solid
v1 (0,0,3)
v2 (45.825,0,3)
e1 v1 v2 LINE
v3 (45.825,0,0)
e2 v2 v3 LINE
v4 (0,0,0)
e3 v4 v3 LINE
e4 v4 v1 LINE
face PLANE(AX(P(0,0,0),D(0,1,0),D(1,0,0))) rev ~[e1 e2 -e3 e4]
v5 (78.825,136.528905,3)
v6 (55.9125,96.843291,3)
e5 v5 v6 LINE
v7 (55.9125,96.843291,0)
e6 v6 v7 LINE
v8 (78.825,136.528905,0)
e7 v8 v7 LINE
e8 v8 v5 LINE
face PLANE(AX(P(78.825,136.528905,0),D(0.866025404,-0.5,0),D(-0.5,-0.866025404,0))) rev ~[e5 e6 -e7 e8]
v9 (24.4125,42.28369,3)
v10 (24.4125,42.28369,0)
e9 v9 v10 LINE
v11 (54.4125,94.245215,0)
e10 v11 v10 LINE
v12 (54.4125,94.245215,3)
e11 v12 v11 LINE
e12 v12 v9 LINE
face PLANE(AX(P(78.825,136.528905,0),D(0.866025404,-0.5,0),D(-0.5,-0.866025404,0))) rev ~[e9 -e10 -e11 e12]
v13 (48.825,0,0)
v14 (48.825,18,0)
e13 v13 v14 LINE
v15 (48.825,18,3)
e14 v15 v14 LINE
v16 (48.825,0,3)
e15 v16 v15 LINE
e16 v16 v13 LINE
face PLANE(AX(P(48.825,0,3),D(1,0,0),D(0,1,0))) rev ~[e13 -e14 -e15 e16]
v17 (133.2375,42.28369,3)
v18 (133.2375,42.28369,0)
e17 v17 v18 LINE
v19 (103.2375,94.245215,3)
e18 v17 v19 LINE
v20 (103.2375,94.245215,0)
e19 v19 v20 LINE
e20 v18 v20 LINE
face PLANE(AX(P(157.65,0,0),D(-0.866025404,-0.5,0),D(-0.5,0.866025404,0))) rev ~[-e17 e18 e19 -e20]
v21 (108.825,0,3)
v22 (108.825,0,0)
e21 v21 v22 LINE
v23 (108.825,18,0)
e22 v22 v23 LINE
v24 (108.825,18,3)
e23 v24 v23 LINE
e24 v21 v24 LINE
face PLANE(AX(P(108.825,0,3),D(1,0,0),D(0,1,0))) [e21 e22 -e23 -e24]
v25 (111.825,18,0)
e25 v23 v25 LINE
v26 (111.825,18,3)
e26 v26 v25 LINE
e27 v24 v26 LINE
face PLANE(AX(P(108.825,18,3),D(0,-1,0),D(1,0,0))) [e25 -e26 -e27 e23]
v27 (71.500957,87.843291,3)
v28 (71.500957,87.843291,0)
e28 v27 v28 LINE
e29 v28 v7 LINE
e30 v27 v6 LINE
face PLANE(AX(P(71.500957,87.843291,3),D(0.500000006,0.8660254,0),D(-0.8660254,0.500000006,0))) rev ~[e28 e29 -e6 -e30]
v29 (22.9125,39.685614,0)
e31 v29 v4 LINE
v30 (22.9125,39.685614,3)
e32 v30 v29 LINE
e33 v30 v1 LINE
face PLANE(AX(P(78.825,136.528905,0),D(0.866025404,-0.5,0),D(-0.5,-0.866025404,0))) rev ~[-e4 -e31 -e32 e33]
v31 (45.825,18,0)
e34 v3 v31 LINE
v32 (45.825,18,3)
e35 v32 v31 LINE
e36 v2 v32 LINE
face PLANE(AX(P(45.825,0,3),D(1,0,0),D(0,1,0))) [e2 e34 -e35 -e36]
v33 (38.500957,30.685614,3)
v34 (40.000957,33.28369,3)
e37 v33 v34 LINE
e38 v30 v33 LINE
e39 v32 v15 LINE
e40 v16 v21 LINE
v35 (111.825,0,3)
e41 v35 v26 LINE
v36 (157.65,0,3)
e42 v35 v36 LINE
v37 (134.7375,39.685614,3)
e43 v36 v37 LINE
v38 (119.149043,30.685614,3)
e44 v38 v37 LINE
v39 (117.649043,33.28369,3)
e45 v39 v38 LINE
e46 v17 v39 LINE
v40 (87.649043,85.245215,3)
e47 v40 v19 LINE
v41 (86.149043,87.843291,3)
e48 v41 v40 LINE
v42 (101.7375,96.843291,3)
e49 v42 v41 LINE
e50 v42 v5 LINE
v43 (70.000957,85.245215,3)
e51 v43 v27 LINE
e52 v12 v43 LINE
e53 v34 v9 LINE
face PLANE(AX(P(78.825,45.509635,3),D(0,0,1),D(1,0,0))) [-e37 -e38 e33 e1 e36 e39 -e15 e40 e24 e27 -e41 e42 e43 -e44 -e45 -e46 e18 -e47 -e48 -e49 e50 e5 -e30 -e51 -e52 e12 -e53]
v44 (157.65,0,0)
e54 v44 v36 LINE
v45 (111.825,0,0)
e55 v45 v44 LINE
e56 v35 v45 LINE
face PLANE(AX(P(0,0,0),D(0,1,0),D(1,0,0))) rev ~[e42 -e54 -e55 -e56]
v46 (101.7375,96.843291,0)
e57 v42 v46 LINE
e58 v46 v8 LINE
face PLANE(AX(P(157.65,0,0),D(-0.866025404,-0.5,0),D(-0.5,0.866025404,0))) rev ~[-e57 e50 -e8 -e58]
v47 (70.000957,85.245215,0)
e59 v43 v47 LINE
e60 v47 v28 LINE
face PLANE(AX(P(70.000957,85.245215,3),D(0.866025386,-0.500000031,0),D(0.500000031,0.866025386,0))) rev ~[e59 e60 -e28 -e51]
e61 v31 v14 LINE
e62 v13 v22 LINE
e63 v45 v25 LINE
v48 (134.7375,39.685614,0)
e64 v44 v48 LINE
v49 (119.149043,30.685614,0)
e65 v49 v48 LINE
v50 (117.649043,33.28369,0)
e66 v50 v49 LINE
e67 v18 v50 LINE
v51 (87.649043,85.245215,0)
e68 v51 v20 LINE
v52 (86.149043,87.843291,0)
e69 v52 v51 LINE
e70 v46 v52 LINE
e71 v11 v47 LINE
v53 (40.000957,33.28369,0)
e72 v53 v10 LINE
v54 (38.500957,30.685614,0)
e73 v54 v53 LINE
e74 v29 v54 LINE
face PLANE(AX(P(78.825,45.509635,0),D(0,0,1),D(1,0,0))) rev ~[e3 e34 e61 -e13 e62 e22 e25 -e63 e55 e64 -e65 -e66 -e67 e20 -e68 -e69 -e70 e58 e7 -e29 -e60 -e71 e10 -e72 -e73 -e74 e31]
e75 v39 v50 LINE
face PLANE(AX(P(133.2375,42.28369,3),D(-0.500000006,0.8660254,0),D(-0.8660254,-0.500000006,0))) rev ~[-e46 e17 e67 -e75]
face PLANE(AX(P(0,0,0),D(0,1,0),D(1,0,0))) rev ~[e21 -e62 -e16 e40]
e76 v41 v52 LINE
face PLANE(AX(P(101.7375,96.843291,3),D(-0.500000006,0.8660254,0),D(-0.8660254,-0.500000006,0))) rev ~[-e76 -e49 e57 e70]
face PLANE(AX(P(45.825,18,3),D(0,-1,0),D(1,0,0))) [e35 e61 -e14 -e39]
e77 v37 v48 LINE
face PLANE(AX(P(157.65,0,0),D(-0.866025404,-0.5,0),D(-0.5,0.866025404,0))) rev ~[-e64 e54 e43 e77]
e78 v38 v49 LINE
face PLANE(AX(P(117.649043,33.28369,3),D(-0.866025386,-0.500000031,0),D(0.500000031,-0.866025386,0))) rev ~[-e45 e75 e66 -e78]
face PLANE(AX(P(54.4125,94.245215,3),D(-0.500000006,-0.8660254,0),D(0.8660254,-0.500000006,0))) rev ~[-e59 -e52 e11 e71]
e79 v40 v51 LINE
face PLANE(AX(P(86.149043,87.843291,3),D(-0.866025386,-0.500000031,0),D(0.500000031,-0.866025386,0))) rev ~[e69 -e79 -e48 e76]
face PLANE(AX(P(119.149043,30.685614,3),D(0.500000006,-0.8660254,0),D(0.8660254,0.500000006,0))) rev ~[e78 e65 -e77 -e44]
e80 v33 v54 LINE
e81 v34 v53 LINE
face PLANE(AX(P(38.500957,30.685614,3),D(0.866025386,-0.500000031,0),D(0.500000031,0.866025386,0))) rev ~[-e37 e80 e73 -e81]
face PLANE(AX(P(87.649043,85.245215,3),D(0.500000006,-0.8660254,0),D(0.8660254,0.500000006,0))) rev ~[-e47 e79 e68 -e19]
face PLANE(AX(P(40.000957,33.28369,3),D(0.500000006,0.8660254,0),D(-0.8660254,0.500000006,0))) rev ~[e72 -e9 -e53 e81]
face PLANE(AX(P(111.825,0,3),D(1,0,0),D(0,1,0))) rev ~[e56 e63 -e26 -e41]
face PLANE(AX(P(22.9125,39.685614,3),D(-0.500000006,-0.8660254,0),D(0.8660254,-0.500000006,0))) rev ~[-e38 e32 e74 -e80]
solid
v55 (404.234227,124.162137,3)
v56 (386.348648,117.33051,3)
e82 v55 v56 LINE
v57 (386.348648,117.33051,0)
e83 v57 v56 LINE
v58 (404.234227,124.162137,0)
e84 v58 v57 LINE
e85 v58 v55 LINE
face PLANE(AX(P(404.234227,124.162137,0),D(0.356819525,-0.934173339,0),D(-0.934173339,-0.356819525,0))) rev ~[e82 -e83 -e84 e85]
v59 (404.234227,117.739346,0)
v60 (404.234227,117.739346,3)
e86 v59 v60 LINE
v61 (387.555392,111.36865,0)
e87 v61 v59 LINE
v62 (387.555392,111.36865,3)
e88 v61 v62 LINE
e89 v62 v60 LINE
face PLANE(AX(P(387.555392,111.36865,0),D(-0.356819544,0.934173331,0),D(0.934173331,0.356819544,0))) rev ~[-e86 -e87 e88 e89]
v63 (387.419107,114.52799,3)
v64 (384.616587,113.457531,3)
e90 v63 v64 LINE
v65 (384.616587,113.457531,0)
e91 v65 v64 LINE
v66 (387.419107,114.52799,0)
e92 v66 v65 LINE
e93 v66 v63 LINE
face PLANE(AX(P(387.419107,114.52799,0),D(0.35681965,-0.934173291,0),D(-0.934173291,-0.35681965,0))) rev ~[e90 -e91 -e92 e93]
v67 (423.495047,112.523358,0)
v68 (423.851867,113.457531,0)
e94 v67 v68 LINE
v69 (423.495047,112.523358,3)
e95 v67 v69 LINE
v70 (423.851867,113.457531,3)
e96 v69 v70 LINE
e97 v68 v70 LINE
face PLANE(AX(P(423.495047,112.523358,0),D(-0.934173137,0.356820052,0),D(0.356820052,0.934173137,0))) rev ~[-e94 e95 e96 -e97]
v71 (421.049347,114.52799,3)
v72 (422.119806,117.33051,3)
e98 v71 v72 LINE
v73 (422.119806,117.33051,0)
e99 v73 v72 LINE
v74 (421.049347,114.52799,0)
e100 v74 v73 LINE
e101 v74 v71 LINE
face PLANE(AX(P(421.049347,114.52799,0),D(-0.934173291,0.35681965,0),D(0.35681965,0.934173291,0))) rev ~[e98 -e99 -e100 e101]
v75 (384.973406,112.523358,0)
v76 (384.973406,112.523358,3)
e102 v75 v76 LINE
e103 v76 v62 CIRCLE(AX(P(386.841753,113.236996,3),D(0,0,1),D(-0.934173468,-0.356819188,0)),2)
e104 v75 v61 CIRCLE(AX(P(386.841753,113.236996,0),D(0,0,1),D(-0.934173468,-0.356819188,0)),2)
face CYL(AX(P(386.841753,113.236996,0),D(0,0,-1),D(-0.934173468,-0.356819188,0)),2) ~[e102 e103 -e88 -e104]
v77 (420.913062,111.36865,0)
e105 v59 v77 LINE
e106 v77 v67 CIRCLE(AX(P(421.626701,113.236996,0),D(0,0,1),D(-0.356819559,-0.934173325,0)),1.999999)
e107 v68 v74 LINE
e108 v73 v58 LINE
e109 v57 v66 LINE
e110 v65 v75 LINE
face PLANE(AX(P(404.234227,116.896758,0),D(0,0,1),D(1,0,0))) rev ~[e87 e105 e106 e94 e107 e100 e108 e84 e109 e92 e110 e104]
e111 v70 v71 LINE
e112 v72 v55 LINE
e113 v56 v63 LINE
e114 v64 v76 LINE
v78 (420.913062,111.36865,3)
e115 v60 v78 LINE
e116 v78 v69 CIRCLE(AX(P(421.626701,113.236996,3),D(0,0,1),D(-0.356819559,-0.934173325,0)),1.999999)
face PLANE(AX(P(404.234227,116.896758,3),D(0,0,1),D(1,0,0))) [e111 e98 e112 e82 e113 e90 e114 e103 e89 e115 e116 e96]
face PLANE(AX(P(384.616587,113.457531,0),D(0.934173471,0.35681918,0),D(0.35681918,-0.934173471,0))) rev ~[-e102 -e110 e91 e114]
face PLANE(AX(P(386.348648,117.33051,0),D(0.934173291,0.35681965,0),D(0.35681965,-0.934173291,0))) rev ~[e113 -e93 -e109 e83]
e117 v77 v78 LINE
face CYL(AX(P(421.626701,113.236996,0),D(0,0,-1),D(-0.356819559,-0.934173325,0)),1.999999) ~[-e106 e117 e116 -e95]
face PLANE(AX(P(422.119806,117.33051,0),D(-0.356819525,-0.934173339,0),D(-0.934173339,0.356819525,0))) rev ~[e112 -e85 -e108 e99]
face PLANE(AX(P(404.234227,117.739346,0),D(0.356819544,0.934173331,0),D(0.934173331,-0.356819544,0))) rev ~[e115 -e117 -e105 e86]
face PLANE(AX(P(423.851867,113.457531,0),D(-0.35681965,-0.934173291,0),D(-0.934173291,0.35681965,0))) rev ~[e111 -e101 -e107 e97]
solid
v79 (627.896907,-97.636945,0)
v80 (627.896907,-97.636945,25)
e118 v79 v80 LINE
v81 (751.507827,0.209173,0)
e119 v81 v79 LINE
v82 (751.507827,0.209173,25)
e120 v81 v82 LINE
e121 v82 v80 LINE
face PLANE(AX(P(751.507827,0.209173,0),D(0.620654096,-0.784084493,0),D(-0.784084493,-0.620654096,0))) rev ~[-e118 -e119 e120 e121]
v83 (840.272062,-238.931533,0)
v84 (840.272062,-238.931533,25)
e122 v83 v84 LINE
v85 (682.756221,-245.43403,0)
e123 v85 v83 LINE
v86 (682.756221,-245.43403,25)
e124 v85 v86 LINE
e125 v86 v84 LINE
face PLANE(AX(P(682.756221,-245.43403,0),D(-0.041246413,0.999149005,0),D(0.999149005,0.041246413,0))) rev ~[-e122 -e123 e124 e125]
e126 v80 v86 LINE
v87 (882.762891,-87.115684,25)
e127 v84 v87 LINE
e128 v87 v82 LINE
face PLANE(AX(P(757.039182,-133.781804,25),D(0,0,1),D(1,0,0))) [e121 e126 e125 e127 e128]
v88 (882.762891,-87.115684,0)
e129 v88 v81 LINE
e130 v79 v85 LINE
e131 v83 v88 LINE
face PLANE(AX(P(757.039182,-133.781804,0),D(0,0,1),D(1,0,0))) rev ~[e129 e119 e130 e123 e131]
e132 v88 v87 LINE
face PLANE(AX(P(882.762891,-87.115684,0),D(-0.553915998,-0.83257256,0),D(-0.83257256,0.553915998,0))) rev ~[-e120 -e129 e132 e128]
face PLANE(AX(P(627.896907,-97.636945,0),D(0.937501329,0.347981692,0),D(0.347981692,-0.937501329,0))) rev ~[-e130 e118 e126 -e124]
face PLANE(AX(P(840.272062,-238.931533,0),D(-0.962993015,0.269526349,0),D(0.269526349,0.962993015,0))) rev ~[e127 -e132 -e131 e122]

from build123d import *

# Parameters (mm, degrees)
F2_DEPTH = 3
F4_DEPTH = 25
F5_W     = 3
F5_H     = 18
F6_DEPTH = 25
F8_DEPTH = 3


with BuildPart() as f2:
    # F0 (on Top) → F2 (new body)
    with BuildSketch(Plane.XY):
        Polygon((78.825, 136.528905), (0, 0), (157.65, 0), align=None)
    extrude(amount=F2_DEPTH)

    # F5 (on face) → F6 (cut)
    with BuildSketch(Plane.XY.offset(3)):
        with Locations((47.325, 9)):
            Rectangle(F5_W, F5_H)
        with Locations((110.325, 9)):
            Rectangle(F5_W, F5_H)
        Polygon((38.500957, 30.685614), (40.000957, 33.28369), (24.4125, 42.28369), (22.9125, 39.685614), align=None)
        Polygon((70.000957, 85.245215), (71.500957, 87.843291), (55.9125, 96.843291), (54.4125, 94.245215), align=None)
        Polygon((103.2375, 94.245215), (101.7375, 96.843291), (86.149043, 87.843291), (87.649043, 85.245215), align=None)
        Polygon((134.7375, 39.685614), (133.2375, 42.28369), (117.649043, 33.28369), (119.149043, 30.685614), align=None)
    extrude(amount=-F6_DEPTH, mode=Mode.SUBTRACT)


with BuildPart() as f4:
    # F3 (on Top) → F4 (new body)
    with BuildSketch(Plane.XY):
        Polygon((840.272062, -238.931533), (882.762891, -87.115684), (751.507827, 0.209173), (627.896907, -97.636945), (682.756221, -245.43403), align=None)
    extrude(amount=F4_DEPTH)


with BuildPart() as f8:
    # F7 (on Top) → F8 (new body)
    with BuildSketch(Plane.XY):
        with BuildLine():
            Line((422.119806, 117.33051), (404.234227, 124.162137))
            Line((404.234227, 124.162137), (386.348648, 117.33051))
            Line((386.348648, 117.33051), (387.419107, 114.52799))
            Line((387.419107, 114.52799), (384.616587, 113.457531))
            Line((384.616587, 113.457531), (384.973406, 112.523358))
            ThreePointArc((384.973406, 112.523358), (386.025251, 111.411257), (387.555392, 111.36865))
            Line((387.555392, 111.36865), (404.234227, 117.739346))
            Line((404.234227, 117.739346), (420.913062, 111.36865))
            ThreePointArc((420.913062, 111.36865), (422.443202, 111.411257), (423.495047, 112.523358))
            Line((423.495047, 112.523358), (423.851867, 113.457531))
            Line((423.851867, 113.457531), (421.049347, 114.52799))
            Line((421.049347, 114.52799), (422.119806, 117.33051))
        make_face()
    extrude(amount=F8_DEPTH)


solid = Compound([f2.part, f4.part, f8.part])
